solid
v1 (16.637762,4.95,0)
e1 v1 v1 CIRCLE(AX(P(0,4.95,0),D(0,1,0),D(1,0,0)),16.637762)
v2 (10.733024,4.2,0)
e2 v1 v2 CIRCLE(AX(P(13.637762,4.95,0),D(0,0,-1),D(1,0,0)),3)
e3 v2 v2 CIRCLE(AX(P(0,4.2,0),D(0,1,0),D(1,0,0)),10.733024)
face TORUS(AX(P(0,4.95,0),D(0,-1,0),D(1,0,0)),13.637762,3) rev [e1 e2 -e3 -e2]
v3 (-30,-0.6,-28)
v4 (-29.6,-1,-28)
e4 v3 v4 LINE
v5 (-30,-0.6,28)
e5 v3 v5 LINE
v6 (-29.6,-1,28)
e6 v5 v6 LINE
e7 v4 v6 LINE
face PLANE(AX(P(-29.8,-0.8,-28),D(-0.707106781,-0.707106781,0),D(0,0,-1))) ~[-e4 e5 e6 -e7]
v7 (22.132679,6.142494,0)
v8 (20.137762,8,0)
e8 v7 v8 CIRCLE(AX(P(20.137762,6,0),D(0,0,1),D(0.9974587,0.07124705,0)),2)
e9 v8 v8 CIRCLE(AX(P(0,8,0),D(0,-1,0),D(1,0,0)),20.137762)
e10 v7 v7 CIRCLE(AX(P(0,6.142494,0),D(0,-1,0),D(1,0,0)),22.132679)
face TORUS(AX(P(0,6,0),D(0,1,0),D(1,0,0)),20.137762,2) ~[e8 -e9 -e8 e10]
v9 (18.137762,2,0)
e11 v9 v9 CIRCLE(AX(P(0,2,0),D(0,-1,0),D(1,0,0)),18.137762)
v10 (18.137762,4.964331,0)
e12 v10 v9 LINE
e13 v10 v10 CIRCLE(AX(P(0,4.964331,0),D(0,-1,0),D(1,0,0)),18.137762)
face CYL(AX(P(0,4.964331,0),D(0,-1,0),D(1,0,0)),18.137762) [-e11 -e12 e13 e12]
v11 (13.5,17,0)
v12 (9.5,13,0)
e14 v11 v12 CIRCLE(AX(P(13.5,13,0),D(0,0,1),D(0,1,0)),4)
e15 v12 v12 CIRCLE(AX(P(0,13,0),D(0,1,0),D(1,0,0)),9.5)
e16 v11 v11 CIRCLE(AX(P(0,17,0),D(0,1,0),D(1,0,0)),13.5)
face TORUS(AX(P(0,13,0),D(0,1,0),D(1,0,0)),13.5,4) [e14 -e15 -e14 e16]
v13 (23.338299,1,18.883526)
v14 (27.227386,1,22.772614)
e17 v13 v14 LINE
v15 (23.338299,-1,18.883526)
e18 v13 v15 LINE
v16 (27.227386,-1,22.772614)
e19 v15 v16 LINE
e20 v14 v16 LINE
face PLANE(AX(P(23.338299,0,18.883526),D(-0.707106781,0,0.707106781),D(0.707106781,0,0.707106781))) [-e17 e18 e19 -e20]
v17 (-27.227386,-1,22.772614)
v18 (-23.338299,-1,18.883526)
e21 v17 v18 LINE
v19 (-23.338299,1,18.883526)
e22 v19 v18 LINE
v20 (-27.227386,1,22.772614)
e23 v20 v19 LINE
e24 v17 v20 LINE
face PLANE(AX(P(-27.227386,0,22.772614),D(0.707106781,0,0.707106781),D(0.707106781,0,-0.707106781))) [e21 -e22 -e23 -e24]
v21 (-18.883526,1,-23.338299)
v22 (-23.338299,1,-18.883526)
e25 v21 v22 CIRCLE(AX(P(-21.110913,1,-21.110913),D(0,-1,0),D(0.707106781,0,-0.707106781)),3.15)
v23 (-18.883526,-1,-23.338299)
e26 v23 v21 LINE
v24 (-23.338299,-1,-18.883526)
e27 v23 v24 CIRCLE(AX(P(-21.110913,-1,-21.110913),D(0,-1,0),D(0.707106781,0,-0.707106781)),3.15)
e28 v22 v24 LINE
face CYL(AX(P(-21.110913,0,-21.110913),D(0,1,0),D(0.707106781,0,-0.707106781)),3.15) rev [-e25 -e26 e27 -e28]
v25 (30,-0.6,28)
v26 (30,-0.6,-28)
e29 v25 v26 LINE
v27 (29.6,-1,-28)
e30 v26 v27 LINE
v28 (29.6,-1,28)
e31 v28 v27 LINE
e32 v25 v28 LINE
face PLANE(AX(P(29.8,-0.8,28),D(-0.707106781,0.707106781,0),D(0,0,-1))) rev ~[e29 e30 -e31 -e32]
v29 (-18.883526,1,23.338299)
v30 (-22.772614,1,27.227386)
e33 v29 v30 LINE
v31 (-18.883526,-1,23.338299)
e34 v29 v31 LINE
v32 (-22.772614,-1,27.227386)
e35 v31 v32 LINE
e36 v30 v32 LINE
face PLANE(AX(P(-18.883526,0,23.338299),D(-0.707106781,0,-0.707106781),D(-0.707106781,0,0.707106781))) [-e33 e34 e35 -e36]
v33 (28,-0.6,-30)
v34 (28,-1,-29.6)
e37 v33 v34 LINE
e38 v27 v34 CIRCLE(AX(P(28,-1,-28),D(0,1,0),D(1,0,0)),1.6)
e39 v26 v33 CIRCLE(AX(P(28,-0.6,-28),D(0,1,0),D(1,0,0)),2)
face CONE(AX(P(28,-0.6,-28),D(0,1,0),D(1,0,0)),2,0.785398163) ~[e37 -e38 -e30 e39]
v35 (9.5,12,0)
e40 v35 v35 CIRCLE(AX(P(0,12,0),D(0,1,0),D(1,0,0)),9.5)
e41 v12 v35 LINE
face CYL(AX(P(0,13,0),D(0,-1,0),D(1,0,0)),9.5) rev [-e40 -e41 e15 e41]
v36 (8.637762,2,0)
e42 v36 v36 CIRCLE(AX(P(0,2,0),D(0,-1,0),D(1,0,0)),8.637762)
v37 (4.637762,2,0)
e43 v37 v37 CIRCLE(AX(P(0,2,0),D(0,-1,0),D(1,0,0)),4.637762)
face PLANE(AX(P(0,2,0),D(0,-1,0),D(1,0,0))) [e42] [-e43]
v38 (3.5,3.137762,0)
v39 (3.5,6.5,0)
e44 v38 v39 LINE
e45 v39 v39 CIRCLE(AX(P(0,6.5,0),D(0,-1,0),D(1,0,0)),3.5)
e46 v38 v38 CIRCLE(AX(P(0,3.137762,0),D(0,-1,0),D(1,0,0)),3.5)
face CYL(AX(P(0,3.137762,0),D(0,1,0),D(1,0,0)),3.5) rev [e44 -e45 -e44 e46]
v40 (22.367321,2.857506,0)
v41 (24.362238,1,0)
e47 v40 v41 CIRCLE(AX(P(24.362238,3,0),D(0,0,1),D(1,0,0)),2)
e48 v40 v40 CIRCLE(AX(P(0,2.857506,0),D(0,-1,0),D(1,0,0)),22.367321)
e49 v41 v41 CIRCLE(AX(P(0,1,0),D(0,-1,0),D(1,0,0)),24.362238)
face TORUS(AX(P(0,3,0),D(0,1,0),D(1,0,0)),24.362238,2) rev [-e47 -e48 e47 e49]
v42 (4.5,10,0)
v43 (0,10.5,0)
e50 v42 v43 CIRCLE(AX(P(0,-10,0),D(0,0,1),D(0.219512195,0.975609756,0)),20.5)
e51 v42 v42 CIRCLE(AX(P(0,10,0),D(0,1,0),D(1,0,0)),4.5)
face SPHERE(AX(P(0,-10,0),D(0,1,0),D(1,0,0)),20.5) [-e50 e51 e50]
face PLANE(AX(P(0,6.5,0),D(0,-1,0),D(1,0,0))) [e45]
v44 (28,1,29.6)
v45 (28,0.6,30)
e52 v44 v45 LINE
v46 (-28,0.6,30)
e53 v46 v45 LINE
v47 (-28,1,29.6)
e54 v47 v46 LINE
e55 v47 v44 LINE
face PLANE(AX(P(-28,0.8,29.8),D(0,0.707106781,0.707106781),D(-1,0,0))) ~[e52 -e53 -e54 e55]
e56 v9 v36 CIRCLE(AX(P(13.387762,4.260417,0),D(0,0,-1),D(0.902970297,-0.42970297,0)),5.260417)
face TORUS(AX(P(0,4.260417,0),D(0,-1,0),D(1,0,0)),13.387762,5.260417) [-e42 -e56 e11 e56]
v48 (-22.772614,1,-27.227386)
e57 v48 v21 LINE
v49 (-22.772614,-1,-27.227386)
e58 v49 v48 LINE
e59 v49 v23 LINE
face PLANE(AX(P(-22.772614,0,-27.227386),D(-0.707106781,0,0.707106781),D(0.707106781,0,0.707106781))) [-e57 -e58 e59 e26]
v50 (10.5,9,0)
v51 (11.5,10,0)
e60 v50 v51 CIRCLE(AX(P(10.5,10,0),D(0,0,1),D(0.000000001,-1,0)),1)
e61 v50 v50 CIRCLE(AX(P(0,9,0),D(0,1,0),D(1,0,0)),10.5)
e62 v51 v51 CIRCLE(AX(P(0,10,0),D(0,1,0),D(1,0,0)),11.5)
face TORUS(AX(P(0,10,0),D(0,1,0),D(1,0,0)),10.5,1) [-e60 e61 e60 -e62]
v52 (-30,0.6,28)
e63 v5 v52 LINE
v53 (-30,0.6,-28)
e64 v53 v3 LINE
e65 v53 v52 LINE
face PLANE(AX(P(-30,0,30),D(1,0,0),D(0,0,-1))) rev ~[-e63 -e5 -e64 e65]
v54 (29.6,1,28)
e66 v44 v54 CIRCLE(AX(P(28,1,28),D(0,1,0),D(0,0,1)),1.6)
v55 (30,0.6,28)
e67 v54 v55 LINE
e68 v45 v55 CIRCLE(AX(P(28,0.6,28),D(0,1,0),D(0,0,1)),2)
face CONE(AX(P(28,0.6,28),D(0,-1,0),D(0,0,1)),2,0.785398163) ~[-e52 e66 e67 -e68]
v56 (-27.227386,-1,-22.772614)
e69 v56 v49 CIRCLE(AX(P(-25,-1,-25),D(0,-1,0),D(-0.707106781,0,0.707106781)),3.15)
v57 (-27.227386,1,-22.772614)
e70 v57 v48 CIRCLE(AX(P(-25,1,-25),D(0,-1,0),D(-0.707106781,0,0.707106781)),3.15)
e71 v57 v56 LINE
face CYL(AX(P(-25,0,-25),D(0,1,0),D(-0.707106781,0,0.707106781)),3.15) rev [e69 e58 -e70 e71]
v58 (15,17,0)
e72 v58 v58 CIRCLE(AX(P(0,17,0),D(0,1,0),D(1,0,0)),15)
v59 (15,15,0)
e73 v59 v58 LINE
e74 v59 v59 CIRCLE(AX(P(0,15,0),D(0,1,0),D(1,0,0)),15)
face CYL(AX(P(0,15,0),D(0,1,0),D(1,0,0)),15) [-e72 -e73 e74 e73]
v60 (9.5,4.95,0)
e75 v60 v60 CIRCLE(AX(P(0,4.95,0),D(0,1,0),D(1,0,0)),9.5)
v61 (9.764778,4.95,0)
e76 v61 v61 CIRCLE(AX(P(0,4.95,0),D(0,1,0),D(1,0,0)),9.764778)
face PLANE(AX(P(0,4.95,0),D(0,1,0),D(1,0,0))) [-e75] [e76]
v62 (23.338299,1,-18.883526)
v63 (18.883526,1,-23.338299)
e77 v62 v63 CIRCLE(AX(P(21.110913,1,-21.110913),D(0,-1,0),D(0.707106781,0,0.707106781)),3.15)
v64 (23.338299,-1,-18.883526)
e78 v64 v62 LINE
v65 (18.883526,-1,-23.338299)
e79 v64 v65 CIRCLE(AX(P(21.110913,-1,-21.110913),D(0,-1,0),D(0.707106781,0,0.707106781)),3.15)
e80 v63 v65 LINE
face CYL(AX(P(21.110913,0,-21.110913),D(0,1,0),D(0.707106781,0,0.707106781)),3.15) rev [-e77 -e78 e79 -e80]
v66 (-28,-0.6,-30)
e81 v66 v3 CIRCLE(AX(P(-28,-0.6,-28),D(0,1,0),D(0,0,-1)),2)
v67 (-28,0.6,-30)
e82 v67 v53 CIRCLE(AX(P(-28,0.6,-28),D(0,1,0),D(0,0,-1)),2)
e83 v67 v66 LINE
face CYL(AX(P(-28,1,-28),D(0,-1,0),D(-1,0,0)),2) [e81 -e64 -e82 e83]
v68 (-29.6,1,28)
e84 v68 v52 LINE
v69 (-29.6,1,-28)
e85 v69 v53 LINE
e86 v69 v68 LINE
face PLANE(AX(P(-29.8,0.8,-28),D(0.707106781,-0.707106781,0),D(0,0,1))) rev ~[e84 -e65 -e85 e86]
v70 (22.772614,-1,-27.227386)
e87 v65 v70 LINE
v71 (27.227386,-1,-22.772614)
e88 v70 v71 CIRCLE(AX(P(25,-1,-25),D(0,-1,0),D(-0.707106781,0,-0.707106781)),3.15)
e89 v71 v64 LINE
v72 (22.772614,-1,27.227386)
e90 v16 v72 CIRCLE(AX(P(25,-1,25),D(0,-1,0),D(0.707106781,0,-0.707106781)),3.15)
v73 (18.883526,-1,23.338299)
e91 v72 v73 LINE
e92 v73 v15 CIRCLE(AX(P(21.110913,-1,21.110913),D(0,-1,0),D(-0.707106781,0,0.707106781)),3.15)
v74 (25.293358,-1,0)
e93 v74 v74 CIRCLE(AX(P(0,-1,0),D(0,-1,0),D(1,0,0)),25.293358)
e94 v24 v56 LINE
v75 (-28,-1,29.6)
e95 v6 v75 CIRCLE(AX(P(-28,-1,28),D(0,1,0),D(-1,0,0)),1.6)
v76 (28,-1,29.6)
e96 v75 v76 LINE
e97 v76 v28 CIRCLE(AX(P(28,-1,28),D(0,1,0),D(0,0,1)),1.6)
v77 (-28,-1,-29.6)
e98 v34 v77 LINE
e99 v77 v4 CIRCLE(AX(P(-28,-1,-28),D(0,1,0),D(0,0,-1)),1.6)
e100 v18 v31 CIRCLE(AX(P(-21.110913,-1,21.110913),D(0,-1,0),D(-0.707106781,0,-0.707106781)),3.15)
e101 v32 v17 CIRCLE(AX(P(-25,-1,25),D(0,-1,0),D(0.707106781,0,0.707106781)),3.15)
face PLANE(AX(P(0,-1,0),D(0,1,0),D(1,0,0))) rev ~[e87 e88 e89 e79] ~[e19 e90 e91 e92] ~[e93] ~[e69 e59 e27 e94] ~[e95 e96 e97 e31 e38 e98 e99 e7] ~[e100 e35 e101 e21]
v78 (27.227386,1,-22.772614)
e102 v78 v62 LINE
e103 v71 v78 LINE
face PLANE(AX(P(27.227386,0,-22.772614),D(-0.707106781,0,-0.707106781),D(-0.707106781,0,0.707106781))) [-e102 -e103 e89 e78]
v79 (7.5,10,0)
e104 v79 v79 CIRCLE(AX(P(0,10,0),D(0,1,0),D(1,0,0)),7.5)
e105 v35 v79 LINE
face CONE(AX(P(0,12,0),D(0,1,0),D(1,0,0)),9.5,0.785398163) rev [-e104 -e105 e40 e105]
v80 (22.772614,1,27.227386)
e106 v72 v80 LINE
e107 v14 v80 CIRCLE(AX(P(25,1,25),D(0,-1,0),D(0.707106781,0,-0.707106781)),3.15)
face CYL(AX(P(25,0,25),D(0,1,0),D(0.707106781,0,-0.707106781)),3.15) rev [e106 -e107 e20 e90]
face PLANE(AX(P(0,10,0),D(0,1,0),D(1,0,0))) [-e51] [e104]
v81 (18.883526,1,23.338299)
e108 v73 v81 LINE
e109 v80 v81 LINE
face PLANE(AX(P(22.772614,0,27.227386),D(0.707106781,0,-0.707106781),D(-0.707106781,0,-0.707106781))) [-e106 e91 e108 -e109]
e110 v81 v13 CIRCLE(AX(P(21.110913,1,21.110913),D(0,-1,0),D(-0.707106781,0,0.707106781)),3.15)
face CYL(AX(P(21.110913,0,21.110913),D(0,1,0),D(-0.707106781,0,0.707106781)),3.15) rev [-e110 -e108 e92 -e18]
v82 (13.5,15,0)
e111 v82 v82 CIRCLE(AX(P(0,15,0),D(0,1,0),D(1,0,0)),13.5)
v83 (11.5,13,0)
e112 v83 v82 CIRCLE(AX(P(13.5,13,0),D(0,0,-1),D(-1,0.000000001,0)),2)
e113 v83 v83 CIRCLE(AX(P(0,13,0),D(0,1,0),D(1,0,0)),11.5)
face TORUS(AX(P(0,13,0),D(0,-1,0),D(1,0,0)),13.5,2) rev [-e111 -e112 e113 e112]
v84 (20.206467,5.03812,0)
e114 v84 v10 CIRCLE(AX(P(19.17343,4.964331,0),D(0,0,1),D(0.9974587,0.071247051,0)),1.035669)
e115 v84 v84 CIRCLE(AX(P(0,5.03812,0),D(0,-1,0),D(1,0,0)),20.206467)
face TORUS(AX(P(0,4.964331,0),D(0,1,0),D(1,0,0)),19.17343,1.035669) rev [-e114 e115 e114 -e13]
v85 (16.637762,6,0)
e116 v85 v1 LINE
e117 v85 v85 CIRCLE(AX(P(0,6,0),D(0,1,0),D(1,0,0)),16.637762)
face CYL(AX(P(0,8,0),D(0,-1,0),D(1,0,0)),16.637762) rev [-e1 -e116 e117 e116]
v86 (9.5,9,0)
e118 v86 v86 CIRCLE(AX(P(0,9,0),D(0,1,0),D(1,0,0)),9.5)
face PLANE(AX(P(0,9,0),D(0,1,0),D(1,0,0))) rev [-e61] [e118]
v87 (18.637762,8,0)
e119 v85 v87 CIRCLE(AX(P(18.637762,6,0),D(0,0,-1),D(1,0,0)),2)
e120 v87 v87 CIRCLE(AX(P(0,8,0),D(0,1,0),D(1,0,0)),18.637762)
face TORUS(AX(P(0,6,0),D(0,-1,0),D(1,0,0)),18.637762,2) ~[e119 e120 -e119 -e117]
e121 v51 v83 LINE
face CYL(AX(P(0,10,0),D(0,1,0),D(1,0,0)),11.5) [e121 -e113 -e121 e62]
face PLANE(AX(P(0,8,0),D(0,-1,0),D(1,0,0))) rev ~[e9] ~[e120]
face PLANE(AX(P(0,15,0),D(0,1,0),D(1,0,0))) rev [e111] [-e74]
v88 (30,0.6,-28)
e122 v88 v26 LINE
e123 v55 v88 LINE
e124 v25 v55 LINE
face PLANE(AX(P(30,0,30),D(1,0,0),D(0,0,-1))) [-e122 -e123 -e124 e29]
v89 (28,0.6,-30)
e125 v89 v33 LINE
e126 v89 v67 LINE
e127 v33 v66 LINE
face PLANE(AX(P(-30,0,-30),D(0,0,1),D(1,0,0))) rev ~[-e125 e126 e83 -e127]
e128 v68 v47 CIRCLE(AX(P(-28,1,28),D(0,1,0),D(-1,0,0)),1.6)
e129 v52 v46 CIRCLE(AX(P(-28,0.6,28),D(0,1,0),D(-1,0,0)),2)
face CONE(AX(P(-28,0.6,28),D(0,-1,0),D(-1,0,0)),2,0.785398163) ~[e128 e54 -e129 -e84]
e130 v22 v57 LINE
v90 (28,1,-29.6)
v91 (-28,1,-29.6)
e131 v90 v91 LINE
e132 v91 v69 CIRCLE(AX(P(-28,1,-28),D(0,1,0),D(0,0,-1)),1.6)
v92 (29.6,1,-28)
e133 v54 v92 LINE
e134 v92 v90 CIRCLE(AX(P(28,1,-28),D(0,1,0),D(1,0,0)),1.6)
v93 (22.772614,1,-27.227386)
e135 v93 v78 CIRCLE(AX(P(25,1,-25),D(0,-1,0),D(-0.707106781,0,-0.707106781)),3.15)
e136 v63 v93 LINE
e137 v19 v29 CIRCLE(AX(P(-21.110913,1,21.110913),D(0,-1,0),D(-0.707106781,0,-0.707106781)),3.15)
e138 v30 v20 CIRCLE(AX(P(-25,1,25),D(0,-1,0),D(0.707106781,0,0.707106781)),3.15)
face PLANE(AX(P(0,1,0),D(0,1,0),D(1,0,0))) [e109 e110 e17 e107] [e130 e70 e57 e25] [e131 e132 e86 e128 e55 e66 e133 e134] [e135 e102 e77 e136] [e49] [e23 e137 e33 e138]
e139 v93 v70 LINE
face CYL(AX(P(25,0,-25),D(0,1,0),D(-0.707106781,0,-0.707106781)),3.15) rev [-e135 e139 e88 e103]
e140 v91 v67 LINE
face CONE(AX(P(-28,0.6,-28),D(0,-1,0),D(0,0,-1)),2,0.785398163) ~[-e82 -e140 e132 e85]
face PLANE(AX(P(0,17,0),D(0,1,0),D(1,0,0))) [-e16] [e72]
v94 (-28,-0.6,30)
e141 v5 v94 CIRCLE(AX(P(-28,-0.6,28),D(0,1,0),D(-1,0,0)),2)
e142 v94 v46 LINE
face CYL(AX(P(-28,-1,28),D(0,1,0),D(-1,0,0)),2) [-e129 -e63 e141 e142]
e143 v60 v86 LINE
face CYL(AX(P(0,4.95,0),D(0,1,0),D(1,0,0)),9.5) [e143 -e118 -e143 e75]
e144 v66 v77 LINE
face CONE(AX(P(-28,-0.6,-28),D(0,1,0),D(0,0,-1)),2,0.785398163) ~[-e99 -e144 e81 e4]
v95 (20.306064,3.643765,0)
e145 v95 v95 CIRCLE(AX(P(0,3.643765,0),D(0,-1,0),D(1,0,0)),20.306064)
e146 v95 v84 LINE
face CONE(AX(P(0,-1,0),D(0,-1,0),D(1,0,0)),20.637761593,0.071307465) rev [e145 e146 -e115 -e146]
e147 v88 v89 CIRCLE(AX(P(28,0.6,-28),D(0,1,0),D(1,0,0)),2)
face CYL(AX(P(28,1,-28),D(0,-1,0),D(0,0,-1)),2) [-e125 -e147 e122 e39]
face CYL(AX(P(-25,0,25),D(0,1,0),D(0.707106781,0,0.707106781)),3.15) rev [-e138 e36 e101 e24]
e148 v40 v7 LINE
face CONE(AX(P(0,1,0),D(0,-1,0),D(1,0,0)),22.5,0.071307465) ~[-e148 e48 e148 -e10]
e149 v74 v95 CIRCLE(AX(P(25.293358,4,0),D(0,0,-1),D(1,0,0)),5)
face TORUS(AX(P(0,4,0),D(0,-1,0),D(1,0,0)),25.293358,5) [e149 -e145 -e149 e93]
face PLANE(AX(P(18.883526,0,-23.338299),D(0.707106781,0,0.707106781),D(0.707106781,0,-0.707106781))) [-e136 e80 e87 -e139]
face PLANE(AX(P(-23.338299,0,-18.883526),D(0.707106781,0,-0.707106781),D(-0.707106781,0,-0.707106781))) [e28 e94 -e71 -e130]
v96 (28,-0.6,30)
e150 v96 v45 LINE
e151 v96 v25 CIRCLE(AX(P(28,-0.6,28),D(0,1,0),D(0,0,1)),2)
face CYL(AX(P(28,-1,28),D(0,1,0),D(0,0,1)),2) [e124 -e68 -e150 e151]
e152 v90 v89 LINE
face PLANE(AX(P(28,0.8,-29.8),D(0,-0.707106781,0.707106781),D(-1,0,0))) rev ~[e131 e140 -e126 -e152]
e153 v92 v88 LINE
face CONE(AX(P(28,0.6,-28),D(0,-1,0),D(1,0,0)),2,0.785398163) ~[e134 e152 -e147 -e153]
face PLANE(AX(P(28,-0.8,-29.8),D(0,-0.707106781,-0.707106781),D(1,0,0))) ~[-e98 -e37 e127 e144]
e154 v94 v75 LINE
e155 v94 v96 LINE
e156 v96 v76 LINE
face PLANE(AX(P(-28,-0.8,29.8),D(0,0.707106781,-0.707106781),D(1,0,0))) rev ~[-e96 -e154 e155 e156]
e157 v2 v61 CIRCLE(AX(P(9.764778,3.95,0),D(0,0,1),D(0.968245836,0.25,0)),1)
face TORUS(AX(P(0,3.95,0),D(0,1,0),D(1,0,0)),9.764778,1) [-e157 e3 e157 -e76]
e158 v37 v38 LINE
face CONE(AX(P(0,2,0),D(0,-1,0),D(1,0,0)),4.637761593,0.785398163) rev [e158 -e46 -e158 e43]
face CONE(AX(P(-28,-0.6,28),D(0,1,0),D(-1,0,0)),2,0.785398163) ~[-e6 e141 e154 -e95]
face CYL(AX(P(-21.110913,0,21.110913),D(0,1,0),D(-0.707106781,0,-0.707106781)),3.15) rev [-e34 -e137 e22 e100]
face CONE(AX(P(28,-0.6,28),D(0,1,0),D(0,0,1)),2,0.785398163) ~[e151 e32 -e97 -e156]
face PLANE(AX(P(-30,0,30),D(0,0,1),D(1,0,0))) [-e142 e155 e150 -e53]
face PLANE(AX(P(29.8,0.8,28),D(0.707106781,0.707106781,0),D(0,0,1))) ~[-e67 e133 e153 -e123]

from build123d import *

# Parameters (mm, degrees)
ESQUISSE2_W        = 60
ESQUISSE2_H        = 60
BOSS_EXTRU_1_DEPTH = 1
CONG_1_R           = 5
ESQUISSE7_R        = 9.5
BOSS_EXTRU_2_DEPTH = 1
CONG_2_R           = 2
CONG_3_R           = 2
CHANFREIN1_SIZE    = 0.4


with BuildPart() as part:
    # Esquisse2 → Boss.-Extru.1 (new body, symmetric)
    with BuildSketch(Plane(origin=(0, 0, 0), x_dir=(1, 0, 0), z_dir=(0, 1, 0))):
        Rectangle(ESQUISSE2_W, ESQUISSE2_H)
        with BuildLine():
            Line((-22.772613639, 27.227386361), (-18.883526343, 23.338299064))
            ThreePointArc((-18.883526343, 23.338299064), (-18.883526343, 18.883526343), (-23.338299064, 18.883526343))
            Line((-23.338299064, 18.883526343), (-27.227386361, 22.772613639))
            ThreePointArc((-27.227386361, 22.772613639), (-27.227386361, 27.227386361), (-22.772613639, 27.227386361))
        make_face(mode=Mode.SUBTRACT)
        with BuildLine():
            Line((27.227386361, 22.772613639), (23.338299064, 18.883526343))
            ThreePointArc((23.338299064, 18.883526343), (18.883526343, 18.883526343), (18.883526343, 23.338299064))
            Line((18.883526343, 23.338299064), (22.772613639, 27.227386361))
            ThreePointArc((22.772613639, 27.227386361), (27.227386361, 27.227386361), (27.227386361, 22.772613639))
        make_face(mode=Mode.SUBTRACT)
        with BuildLine():
            Line((22.772613639, -27.227386361), (18.883526343, -23.338299064))
            ThreePointArc((18.883526343, -23.338299064), (18.883526343, -18.883526343), (23.338299064, -18.883526343))
            Line((23.338299064, -18.883526343), (27.227386361, -22.772613639))
            ThreePointArc((27.227386361, -22.772613639), (27.227386361, -27.227386361), (22.772613639, -27.227386361))
        make_face(mode=Mode.SUBTRACT)
        with BuildLine():
            Line((-27.227386361, -22.772613639), (-23.338299064, -18.883526343))
            ThreePointArc((-23.338299064, -18.883526343), (-18.883526343, -18.883526343), (-18.883526343, -23.338299064))
            Line((-18.883526343, -23.338299064), (-22.772613639, -27.227386361))
            ThreePointArc((-22.772613639, -27.227386361), (-27.227386361, -27.227386361), (-27.227386361, -22.772613639))
        make_face(mode=Mode.SUBTRACT)
    extrude(amount=BOSS_EXTRU_1_DEPTH, both=True)

    # Esquisse3 → Révolution1 (revolve)
    with BuildSketch(Plane.XY):
        with BuildLine():
            Line((22.5, 1), (22.132678993, 6.1424941))
            ThreePointArc((22.132678993, 6.1424941), (21.500665075, 7.463726101), (20.137761593, 8))
            Line((20.137761593, 8), (0, 8))
            Line((0, 8), (0, 1))
            Line((0, 1), (22.5, 1))
        make_face()
    revolve(axis=Axis((0, 8, 0), (0, -1, 0)))

    # Esquisse4 → Enlèvement de matière-Révolution1 (revolve, cut)
    with BuildSketch(Plane.XY):
        with BuildLine():
            Line((8.637761593, 2), (4.637761593, 2))
            Line((4.637761593, 2), (3.5, 3.137761593))
            Line((3.5, 3.137761593), (3.5, 6.5))
            Line((3.5, 6.5), (0, 6.5))
            Line((0, 6.5), (0, -2))
            Line((0, -2), (20.637761593, -2))
            Line((20.637761593, -2), (20.637761593, -1))
            Line((20.637761593, -1), (20.206467343, 5.038119503))
            ThreePointArc((20.206467343, 5.038119503), (19.136512804, 5.999341804), (18.137761593, 4.964331152))
            Line((18.137761593, 4.964331152), (18.137761593, 2))
            ThreePointArc((18.137761593, 2), (13.387761593, -1), (8.637761593, 2))
        make_face()
    revolve(axis=Axis((0, 6.5, 0), (0, -1, 0)), mode=Mode.SUBTRACT)

    # Congé1
    cong_1_edges = [part.edges().sort_by_distance(p)[0] for p in [
        (-20.637761593, -1, 0),
    ]]
    fillet(cong_1_edges, radius=CONG_1_R)

    # Esquisse5 → Enlèvement de matière-Révolution2 (revolve, cut)
    with BuildSketch(Plane.XY):
        with BuildLine():
            Line((16.637761593, 8), (16.637761593, 4.95))
            ThreePointArc((16.637761593, 4.95), (14.015774471, 1.973910911), (10.733024084, 4.2))
            ThreePointArc((10.733024084, 4.2), (10.377150683, 4.740569415), (9.764778247, 4.95))
            Line((9.764778247, 4.95), (9.5, 4.95))
            Line((9.5, 4.95), (9.5, 8))
            Line((9.5, 8), (16.637761593, 8))
        make_face()
    revolve(axis=Axis((0, 0, 0), (0, 1, 0)), mode=Mode.SUBTRACT)

    # Esquisse7 → Boss.-Extru.2 (add)
    with BuildSketch(Plane(origin=(0, 8, 0), x_dir=(1, 0, 0), z_dir=(0, 1, 0))):
        Circle(ESQUISSE7_R)
    extrude(amount=BOSS_EXTRU_2_DEPTH)

    # Congé2
    cong_2_edges = [part.edges().sort_by_distance(p)[0] for p in [
        (-16.637761593, 8, 0),
    ]]
    fillet(cong_2_edges, radius=CONG_2_R)

    # Esquisse6 → Révolution2 (revolve)
    with BuildSketch(Plane.XY):
        with BuildLine():
            Line((0, 10.5), (0, 9))
            Line((0, 9), (10.5, 9))
            ThreePointArc((10.5, 9), (11.207106781, 9.292893219), (11.5, 10))
            Line((11.5, 10), (11.5, 13))
            ThreePointArc((11.5, 13), (12.085786438, 14.414213562), (13.5, 15))
            Line((13.5, 15), (15, 15))
            Line((15, 15), (15, 17))
            Line((15, 17), (13.5, 17))
            ThreePointArc((13.5, 17), (10.671572875, 15.828427125), (9.5, 13))
            Line((9.5, 13), (9.5, 12))
            Line((9.5, 12), (7.5, 10))
            Line((7.5, 10), (4.5, 10))
            ThreePointArc((4.5, 10), (2.263846285, 10.374616561), (0, 10.5))
        make_face()
    revolve(axis=Axis((0, -1, 0), (0, 1, 0)))

    # Congé3
    cong_3_edges = [part.edges().sort_by_distance(p)[0] for p in [
        (-22.5, 1, 0),
        (30, 0, 30),
        (-30, 0, 30),
        (-30, 0, -30),
        (30, 0, -30),
    ]]
    fillet(cong_3_edges, radius=CONG_3_R)

    # Chanfrein1
    chanfrein1_edges = [part.edges().sort_by_distance(p)[0] for p in [
        (30, -1, 0),
        (30, 1, 0),
        (0, -1, 30),
        (-30, -1, 0),
        (0, -1, -30),
        (-29.414213562, -1, 29.414213562),
        (-29.414213562, -1, -29.414213562),
        (29.414213562, -1, -29.414213562),
        (29.414213562, -1, 29.414213562),
        (0, 1, 30),
        (0, 1, -30),
        (-30, 1, 0),
        (-29.414213562, 1, 29.414213562),
        (-29.414213562, 1, -29.414213562),
        (29.414213562, 1, -29.414213562),
        (29.414213562, 1, 29.414213562),
    ]]
    chamfer(chanfrein1_edges, length=CHANFREIN1_SIZE)


solid = part.part
